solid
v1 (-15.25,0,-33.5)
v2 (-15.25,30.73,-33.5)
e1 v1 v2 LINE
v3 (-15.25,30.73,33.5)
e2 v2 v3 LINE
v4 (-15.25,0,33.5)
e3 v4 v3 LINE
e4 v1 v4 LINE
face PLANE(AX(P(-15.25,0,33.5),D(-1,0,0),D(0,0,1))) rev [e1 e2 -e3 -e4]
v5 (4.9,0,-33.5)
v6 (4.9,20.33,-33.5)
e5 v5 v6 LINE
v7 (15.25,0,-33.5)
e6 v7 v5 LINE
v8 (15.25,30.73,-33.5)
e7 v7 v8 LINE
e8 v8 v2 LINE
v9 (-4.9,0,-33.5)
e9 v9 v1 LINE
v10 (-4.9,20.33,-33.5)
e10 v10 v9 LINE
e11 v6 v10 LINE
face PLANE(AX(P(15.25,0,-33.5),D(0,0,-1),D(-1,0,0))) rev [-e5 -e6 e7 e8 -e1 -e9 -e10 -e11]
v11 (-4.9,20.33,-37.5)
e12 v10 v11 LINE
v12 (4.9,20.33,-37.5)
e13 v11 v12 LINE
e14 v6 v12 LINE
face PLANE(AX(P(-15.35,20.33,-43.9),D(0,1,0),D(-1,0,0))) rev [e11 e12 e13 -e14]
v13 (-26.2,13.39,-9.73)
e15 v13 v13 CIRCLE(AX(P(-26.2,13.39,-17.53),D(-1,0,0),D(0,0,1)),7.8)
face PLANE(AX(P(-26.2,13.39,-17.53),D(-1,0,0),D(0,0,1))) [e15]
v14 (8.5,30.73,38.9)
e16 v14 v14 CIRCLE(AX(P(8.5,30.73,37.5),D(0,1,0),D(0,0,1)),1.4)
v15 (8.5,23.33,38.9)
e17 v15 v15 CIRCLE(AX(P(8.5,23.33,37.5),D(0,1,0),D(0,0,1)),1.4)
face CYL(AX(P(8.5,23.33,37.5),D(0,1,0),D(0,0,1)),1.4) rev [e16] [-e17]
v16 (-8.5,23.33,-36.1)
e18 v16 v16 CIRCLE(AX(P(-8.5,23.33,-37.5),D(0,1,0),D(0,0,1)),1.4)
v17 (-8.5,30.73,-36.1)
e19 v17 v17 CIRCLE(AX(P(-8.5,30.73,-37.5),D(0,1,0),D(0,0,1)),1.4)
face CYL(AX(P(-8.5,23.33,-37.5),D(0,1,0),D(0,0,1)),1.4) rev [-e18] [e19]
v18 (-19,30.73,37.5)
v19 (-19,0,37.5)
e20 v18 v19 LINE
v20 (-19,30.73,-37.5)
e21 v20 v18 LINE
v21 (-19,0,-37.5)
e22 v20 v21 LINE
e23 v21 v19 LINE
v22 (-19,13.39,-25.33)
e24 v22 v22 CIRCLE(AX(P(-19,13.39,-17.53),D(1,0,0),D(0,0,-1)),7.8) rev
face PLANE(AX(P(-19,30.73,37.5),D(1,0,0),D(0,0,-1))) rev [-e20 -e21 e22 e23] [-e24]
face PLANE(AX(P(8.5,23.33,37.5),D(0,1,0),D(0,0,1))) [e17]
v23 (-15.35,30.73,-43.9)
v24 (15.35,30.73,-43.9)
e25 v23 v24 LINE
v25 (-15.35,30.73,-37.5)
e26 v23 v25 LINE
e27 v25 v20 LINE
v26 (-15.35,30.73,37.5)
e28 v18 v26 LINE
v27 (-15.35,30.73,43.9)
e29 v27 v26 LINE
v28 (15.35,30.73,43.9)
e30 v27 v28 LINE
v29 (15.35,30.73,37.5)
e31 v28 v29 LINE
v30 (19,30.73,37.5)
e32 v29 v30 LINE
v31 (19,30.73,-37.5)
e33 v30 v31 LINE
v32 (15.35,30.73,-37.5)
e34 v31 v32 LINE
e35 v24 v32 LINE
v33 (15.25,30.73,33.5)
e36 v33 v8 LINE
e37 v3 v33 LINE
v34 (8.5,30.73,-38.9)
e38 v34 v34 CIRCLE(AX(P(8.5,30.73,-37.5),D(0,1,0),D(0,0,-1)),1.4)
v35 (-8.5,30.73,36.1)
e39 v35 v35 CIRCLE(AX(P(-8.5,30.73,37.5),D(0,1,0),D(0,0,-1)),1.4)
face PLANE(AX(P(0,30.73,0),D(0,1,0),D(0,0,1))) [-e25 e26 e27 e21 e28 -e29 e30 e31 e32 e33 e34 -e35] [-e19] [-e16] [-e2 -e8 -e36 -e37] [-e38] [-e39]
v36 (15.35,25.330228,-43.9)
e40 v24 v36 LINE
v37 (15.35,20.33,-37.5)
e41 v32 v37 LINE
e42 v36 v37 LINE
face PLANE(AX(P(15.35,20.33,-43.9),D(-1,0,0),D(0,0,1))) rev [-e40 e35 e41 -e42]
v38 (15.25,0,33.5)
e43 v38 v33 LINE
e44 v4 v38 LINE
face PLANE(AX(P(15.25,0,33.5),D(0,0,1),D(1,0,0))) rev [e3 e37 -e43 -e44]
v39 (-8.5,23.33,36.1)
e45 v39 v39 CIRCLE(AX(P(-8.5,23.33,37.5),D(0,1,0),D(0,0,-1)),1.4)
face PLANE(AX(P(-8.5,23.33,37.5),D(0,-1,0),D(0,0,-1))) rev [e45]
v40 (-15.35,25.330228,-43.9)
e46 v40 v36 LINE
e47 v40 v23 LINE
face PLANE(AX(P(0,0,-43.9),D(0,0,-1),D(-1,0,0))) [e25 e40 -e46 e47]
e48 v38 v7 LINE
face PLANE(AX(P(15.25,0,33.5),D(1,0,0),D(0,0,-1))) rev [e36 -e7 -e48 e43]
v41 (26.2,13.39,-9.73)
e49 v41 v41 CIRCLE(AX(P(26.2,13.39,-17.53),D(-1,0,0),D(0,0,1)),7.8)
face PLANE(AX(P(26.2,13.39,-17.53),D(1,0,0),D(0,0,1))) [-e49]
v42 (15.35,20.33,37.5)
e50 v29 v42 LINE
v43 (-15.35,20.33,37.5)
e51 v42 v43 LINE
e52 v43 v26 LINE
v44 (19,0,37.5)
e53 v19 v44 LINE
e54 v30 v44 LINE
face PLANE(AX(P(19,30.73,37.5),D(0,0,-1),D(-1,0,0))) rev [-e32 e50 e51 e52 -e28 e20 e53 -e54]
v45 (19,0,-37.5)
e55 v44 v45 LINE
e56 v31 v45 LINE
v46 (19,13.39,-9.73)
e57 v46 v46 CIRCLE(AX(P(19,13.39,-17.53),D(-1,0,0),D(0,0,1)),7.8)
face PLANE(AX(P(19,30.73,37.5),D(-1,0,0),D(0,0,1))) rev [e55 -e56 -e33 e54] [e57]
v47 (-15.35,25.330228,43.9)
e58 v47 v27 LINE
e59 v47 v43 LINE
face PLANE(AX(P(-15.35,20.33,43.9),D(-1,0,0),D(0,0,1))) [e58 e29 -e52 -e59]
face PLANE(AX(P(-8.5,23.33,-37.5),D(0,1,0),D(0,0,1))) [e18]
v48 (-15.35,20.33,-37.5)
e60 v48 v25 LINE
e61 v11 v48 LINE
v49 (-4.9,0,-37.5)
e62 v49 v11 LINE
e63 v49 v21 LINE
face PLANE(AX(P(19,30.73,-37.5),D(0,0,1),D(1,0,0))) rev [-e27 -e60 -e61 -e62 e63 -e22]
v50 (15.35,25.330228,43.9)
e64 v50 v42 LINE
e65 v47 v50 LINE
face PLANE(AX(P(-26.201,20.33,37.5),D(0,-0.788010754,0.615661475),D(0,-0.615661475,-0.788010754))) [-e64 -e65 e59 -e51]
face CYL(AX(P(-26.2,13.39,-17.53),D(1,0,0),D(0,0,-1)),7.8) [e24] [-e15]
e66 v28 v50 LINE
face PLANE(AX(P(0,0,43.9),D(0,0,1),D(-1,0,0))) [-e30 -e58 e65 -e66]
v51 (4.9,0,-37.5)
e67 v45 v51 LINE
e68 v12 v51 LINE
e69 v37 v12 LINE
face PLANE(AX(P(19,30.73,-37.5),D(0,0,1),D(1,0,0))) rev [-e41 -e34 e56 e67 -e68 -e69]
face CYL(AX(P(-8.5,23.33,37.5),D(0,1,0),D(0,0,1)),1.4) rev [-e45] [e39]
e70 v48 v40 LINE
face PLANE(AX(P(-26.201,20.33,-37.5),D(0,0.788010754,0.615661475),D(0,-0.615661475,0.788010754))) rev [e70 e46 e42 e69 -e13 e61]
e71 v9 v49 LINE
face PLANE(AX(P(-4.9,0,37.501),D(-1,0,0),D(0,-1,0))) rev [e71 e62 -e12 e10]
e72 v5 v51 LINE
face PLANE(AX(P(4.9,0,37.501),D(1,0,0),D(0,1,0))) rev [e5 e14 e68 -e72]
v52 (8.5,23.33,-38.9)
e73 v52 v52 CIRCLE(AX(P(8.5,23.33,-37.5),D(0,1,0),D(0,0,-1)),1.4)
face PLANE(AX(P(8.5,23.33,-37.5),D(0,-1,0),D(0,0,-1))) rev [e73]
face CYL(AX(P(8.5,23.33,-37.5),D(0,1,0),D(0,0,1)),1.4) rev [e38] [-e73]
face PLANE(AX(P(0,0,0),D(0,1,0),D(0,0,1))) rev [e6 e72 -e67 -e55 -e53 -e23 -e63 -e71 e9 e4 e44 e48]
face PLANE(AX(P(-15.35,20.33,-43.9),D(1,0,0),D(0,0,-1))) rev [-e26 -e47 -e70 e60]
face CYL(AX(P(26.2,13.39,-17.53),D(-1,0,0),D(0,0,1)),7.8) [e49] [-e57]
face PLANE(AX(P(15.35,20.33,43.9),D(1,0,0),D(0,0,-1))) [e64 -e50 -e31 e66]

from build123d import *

# Parameters (mm, degrees)
SKETCH_1_W          = 38
SKETCH_1_H          = 75
EXTRUDE_1_DEPTH     = 30.73
SKETCH_2_R          = 7.8
EXTRUDE_2_DEPTH     = 7.2
SKETCH_3_W          = 30.7
SKETCH_3_H          = 10.4
EXTRUDE_3_DEPTH     = 6.4
SKETCH_5_W          = 30.5
SKETCH_5_H          = 67
CUT_EXTRUDE_1_DEPTH = 60.648829829
CUT_EXTRUDE_2_REACH = 87.181
SKETCH_6_W          = 9.8
SKETCH_6_H          = 20.33
CUT_EXTRUDE_3_REACH = 69.808
SKETCH_8_R          = 1.4
CUT_EXTRUDE_4_DEPTH = 7.4


with BuildPart() as part:
    # 草图1 → 凸台-拉伸1 (new body)
    with BuildSketch(Plane(origin=(0, 0, 0), x_dir=(1, 0, 0), z_dir=(0, 1, 0))):
        Rectangle(SKETCH_1_W, SKETCH_1_H)
    extrude(amount=EXTRUDE_1_DEPTH)

    # 草图2 → 凸台-拉伸2 (add)
    with BuildSketch(Plane.ZY.offset(19)):
        with Locations(Location((-17.53, 13.39, 0), (0, 0, 180))):
            Circle(SKETCH_2_R)
    extrude_2 = extrude(amount=EXTRUDE_2_DEPTH)

    # 草图3 → 凸台-拉伸3 (add)
    with BuildSketch(Plane(origin=(0, 0, -37.5), x_dir=(-1, 0, 0), z_dir=(0, 0, -1))):
        with Locations((0, 25.53)):
            Rectangle(SKETCH_3_W, SKETCH_3_H)
    extrude_3 = extrude(amount=EXTRUDE_3_DEPTH)

    # 草图5 → 切除-拉伸1 (cut, through all)
    with BuildSketch(Plane(origin=(0, 30.73, 0), x_dir=(1, 0, 0), z_dir=(0, 1, 0))):
        Rectangle(SKETCH_5_W, SKETCH_5_H)
    extrude(amount=-CUT_EXTRUDE_1_DEPTH, mode=Mode.SUBTRACT)

    # 镜向2: 凸台-拉伸2 across plane
    add(extrude_2.mirror(Plane(origin=(0, 0, 0), x_dir=(0, 0, 1), z_dir=(1, 0, 0))))

    # 草图6 → 切除-拉伸2 (cut, up to next)
    with BuildSketch(Plane(origin=(0, 0, -37.5), x_dir=(-1, 0, 0), z_dir=(0, 0, -1)), mode=Mode.PRIVATE) as cut_extrude_2_sk1:
        with Locations((0, 10.165)):
            Rectangle(SKETCH_6_W, SKETCH_6_H)
    cut_extrude_2_tool1 = extrude(cut_extrude_2_sk1.sketch, amount=-CUT_EXTRUDE_2_REACH, mode=Mode.PRIVATE) & part.part
    add(cut_extrude_2_tool1.solids().sort_by_distance((0, 10.165, -37.5))[0], mode=Mode.SUBTRACT)

    # 草图7 → 切除-拉伸3 (cut, up to next)
    with BuildSketch(Plane(origin=(15.35, 0, 0), x_dir=(0, 0, -1), z_dir=(1, 0, 0)), mode=Mode.PRIVATE) as cut_extrude_3_sk1:
        Polygon((37.5, 20.33), (43.9, 25.33022801), (43.9, 20.33), align=None)
    cut_extrude_3_tool1 = extrude(cut_extrude_3_sk1.sketch, amount=-CUT_EXTRUDE_3_REACH, mode=Mode.PRIVATE) & part.part
    cut_extrude_3 = cut_extrude_3_tool1.solids().sort_by_distance((15.35, 21.996743, -41.766667))[0]
    add(cut_extrude_3, mode=Mode.SUBTRACT)

    # 镜向4: 凸台-拉伸3, 切除-拉伸3 across plane
    add(extrude_3.mirror(Plane.XY))
    add(cut_extrude_3.mirror(Plane.XY), mode=Mode.SUBTRACT)

    # 草图8 → 切除-拉伸4 (cut)
    with BuildSketch(Plane(origin=(0, 30.73, 0), x_dir=(1, 0, 0), z_dir=(0, 1, 0))):
        with Locations(Location((-8.5, 37.5, 0), (0, 0, 270))):
            Circle(SKETCH_8_R)
        with Locations(Location((8.5, 37.5, 0), (0, 0, 90))):
            Circle(SKETCH_8_R)
        with Locations(Location((8.5, -37.5, 0), (0, 0, 270))):
            Circle(SKETCH_8_R)
        with Locations(Location((-8.5, -37.5, 0), (0, 0, 90))):
            Circle(SKETCH_8_R)
    extrude(amount=-CUT_EXTRUDE_4_DEPTH, mode=Mode.SUBTRACT)


solid = part.part
